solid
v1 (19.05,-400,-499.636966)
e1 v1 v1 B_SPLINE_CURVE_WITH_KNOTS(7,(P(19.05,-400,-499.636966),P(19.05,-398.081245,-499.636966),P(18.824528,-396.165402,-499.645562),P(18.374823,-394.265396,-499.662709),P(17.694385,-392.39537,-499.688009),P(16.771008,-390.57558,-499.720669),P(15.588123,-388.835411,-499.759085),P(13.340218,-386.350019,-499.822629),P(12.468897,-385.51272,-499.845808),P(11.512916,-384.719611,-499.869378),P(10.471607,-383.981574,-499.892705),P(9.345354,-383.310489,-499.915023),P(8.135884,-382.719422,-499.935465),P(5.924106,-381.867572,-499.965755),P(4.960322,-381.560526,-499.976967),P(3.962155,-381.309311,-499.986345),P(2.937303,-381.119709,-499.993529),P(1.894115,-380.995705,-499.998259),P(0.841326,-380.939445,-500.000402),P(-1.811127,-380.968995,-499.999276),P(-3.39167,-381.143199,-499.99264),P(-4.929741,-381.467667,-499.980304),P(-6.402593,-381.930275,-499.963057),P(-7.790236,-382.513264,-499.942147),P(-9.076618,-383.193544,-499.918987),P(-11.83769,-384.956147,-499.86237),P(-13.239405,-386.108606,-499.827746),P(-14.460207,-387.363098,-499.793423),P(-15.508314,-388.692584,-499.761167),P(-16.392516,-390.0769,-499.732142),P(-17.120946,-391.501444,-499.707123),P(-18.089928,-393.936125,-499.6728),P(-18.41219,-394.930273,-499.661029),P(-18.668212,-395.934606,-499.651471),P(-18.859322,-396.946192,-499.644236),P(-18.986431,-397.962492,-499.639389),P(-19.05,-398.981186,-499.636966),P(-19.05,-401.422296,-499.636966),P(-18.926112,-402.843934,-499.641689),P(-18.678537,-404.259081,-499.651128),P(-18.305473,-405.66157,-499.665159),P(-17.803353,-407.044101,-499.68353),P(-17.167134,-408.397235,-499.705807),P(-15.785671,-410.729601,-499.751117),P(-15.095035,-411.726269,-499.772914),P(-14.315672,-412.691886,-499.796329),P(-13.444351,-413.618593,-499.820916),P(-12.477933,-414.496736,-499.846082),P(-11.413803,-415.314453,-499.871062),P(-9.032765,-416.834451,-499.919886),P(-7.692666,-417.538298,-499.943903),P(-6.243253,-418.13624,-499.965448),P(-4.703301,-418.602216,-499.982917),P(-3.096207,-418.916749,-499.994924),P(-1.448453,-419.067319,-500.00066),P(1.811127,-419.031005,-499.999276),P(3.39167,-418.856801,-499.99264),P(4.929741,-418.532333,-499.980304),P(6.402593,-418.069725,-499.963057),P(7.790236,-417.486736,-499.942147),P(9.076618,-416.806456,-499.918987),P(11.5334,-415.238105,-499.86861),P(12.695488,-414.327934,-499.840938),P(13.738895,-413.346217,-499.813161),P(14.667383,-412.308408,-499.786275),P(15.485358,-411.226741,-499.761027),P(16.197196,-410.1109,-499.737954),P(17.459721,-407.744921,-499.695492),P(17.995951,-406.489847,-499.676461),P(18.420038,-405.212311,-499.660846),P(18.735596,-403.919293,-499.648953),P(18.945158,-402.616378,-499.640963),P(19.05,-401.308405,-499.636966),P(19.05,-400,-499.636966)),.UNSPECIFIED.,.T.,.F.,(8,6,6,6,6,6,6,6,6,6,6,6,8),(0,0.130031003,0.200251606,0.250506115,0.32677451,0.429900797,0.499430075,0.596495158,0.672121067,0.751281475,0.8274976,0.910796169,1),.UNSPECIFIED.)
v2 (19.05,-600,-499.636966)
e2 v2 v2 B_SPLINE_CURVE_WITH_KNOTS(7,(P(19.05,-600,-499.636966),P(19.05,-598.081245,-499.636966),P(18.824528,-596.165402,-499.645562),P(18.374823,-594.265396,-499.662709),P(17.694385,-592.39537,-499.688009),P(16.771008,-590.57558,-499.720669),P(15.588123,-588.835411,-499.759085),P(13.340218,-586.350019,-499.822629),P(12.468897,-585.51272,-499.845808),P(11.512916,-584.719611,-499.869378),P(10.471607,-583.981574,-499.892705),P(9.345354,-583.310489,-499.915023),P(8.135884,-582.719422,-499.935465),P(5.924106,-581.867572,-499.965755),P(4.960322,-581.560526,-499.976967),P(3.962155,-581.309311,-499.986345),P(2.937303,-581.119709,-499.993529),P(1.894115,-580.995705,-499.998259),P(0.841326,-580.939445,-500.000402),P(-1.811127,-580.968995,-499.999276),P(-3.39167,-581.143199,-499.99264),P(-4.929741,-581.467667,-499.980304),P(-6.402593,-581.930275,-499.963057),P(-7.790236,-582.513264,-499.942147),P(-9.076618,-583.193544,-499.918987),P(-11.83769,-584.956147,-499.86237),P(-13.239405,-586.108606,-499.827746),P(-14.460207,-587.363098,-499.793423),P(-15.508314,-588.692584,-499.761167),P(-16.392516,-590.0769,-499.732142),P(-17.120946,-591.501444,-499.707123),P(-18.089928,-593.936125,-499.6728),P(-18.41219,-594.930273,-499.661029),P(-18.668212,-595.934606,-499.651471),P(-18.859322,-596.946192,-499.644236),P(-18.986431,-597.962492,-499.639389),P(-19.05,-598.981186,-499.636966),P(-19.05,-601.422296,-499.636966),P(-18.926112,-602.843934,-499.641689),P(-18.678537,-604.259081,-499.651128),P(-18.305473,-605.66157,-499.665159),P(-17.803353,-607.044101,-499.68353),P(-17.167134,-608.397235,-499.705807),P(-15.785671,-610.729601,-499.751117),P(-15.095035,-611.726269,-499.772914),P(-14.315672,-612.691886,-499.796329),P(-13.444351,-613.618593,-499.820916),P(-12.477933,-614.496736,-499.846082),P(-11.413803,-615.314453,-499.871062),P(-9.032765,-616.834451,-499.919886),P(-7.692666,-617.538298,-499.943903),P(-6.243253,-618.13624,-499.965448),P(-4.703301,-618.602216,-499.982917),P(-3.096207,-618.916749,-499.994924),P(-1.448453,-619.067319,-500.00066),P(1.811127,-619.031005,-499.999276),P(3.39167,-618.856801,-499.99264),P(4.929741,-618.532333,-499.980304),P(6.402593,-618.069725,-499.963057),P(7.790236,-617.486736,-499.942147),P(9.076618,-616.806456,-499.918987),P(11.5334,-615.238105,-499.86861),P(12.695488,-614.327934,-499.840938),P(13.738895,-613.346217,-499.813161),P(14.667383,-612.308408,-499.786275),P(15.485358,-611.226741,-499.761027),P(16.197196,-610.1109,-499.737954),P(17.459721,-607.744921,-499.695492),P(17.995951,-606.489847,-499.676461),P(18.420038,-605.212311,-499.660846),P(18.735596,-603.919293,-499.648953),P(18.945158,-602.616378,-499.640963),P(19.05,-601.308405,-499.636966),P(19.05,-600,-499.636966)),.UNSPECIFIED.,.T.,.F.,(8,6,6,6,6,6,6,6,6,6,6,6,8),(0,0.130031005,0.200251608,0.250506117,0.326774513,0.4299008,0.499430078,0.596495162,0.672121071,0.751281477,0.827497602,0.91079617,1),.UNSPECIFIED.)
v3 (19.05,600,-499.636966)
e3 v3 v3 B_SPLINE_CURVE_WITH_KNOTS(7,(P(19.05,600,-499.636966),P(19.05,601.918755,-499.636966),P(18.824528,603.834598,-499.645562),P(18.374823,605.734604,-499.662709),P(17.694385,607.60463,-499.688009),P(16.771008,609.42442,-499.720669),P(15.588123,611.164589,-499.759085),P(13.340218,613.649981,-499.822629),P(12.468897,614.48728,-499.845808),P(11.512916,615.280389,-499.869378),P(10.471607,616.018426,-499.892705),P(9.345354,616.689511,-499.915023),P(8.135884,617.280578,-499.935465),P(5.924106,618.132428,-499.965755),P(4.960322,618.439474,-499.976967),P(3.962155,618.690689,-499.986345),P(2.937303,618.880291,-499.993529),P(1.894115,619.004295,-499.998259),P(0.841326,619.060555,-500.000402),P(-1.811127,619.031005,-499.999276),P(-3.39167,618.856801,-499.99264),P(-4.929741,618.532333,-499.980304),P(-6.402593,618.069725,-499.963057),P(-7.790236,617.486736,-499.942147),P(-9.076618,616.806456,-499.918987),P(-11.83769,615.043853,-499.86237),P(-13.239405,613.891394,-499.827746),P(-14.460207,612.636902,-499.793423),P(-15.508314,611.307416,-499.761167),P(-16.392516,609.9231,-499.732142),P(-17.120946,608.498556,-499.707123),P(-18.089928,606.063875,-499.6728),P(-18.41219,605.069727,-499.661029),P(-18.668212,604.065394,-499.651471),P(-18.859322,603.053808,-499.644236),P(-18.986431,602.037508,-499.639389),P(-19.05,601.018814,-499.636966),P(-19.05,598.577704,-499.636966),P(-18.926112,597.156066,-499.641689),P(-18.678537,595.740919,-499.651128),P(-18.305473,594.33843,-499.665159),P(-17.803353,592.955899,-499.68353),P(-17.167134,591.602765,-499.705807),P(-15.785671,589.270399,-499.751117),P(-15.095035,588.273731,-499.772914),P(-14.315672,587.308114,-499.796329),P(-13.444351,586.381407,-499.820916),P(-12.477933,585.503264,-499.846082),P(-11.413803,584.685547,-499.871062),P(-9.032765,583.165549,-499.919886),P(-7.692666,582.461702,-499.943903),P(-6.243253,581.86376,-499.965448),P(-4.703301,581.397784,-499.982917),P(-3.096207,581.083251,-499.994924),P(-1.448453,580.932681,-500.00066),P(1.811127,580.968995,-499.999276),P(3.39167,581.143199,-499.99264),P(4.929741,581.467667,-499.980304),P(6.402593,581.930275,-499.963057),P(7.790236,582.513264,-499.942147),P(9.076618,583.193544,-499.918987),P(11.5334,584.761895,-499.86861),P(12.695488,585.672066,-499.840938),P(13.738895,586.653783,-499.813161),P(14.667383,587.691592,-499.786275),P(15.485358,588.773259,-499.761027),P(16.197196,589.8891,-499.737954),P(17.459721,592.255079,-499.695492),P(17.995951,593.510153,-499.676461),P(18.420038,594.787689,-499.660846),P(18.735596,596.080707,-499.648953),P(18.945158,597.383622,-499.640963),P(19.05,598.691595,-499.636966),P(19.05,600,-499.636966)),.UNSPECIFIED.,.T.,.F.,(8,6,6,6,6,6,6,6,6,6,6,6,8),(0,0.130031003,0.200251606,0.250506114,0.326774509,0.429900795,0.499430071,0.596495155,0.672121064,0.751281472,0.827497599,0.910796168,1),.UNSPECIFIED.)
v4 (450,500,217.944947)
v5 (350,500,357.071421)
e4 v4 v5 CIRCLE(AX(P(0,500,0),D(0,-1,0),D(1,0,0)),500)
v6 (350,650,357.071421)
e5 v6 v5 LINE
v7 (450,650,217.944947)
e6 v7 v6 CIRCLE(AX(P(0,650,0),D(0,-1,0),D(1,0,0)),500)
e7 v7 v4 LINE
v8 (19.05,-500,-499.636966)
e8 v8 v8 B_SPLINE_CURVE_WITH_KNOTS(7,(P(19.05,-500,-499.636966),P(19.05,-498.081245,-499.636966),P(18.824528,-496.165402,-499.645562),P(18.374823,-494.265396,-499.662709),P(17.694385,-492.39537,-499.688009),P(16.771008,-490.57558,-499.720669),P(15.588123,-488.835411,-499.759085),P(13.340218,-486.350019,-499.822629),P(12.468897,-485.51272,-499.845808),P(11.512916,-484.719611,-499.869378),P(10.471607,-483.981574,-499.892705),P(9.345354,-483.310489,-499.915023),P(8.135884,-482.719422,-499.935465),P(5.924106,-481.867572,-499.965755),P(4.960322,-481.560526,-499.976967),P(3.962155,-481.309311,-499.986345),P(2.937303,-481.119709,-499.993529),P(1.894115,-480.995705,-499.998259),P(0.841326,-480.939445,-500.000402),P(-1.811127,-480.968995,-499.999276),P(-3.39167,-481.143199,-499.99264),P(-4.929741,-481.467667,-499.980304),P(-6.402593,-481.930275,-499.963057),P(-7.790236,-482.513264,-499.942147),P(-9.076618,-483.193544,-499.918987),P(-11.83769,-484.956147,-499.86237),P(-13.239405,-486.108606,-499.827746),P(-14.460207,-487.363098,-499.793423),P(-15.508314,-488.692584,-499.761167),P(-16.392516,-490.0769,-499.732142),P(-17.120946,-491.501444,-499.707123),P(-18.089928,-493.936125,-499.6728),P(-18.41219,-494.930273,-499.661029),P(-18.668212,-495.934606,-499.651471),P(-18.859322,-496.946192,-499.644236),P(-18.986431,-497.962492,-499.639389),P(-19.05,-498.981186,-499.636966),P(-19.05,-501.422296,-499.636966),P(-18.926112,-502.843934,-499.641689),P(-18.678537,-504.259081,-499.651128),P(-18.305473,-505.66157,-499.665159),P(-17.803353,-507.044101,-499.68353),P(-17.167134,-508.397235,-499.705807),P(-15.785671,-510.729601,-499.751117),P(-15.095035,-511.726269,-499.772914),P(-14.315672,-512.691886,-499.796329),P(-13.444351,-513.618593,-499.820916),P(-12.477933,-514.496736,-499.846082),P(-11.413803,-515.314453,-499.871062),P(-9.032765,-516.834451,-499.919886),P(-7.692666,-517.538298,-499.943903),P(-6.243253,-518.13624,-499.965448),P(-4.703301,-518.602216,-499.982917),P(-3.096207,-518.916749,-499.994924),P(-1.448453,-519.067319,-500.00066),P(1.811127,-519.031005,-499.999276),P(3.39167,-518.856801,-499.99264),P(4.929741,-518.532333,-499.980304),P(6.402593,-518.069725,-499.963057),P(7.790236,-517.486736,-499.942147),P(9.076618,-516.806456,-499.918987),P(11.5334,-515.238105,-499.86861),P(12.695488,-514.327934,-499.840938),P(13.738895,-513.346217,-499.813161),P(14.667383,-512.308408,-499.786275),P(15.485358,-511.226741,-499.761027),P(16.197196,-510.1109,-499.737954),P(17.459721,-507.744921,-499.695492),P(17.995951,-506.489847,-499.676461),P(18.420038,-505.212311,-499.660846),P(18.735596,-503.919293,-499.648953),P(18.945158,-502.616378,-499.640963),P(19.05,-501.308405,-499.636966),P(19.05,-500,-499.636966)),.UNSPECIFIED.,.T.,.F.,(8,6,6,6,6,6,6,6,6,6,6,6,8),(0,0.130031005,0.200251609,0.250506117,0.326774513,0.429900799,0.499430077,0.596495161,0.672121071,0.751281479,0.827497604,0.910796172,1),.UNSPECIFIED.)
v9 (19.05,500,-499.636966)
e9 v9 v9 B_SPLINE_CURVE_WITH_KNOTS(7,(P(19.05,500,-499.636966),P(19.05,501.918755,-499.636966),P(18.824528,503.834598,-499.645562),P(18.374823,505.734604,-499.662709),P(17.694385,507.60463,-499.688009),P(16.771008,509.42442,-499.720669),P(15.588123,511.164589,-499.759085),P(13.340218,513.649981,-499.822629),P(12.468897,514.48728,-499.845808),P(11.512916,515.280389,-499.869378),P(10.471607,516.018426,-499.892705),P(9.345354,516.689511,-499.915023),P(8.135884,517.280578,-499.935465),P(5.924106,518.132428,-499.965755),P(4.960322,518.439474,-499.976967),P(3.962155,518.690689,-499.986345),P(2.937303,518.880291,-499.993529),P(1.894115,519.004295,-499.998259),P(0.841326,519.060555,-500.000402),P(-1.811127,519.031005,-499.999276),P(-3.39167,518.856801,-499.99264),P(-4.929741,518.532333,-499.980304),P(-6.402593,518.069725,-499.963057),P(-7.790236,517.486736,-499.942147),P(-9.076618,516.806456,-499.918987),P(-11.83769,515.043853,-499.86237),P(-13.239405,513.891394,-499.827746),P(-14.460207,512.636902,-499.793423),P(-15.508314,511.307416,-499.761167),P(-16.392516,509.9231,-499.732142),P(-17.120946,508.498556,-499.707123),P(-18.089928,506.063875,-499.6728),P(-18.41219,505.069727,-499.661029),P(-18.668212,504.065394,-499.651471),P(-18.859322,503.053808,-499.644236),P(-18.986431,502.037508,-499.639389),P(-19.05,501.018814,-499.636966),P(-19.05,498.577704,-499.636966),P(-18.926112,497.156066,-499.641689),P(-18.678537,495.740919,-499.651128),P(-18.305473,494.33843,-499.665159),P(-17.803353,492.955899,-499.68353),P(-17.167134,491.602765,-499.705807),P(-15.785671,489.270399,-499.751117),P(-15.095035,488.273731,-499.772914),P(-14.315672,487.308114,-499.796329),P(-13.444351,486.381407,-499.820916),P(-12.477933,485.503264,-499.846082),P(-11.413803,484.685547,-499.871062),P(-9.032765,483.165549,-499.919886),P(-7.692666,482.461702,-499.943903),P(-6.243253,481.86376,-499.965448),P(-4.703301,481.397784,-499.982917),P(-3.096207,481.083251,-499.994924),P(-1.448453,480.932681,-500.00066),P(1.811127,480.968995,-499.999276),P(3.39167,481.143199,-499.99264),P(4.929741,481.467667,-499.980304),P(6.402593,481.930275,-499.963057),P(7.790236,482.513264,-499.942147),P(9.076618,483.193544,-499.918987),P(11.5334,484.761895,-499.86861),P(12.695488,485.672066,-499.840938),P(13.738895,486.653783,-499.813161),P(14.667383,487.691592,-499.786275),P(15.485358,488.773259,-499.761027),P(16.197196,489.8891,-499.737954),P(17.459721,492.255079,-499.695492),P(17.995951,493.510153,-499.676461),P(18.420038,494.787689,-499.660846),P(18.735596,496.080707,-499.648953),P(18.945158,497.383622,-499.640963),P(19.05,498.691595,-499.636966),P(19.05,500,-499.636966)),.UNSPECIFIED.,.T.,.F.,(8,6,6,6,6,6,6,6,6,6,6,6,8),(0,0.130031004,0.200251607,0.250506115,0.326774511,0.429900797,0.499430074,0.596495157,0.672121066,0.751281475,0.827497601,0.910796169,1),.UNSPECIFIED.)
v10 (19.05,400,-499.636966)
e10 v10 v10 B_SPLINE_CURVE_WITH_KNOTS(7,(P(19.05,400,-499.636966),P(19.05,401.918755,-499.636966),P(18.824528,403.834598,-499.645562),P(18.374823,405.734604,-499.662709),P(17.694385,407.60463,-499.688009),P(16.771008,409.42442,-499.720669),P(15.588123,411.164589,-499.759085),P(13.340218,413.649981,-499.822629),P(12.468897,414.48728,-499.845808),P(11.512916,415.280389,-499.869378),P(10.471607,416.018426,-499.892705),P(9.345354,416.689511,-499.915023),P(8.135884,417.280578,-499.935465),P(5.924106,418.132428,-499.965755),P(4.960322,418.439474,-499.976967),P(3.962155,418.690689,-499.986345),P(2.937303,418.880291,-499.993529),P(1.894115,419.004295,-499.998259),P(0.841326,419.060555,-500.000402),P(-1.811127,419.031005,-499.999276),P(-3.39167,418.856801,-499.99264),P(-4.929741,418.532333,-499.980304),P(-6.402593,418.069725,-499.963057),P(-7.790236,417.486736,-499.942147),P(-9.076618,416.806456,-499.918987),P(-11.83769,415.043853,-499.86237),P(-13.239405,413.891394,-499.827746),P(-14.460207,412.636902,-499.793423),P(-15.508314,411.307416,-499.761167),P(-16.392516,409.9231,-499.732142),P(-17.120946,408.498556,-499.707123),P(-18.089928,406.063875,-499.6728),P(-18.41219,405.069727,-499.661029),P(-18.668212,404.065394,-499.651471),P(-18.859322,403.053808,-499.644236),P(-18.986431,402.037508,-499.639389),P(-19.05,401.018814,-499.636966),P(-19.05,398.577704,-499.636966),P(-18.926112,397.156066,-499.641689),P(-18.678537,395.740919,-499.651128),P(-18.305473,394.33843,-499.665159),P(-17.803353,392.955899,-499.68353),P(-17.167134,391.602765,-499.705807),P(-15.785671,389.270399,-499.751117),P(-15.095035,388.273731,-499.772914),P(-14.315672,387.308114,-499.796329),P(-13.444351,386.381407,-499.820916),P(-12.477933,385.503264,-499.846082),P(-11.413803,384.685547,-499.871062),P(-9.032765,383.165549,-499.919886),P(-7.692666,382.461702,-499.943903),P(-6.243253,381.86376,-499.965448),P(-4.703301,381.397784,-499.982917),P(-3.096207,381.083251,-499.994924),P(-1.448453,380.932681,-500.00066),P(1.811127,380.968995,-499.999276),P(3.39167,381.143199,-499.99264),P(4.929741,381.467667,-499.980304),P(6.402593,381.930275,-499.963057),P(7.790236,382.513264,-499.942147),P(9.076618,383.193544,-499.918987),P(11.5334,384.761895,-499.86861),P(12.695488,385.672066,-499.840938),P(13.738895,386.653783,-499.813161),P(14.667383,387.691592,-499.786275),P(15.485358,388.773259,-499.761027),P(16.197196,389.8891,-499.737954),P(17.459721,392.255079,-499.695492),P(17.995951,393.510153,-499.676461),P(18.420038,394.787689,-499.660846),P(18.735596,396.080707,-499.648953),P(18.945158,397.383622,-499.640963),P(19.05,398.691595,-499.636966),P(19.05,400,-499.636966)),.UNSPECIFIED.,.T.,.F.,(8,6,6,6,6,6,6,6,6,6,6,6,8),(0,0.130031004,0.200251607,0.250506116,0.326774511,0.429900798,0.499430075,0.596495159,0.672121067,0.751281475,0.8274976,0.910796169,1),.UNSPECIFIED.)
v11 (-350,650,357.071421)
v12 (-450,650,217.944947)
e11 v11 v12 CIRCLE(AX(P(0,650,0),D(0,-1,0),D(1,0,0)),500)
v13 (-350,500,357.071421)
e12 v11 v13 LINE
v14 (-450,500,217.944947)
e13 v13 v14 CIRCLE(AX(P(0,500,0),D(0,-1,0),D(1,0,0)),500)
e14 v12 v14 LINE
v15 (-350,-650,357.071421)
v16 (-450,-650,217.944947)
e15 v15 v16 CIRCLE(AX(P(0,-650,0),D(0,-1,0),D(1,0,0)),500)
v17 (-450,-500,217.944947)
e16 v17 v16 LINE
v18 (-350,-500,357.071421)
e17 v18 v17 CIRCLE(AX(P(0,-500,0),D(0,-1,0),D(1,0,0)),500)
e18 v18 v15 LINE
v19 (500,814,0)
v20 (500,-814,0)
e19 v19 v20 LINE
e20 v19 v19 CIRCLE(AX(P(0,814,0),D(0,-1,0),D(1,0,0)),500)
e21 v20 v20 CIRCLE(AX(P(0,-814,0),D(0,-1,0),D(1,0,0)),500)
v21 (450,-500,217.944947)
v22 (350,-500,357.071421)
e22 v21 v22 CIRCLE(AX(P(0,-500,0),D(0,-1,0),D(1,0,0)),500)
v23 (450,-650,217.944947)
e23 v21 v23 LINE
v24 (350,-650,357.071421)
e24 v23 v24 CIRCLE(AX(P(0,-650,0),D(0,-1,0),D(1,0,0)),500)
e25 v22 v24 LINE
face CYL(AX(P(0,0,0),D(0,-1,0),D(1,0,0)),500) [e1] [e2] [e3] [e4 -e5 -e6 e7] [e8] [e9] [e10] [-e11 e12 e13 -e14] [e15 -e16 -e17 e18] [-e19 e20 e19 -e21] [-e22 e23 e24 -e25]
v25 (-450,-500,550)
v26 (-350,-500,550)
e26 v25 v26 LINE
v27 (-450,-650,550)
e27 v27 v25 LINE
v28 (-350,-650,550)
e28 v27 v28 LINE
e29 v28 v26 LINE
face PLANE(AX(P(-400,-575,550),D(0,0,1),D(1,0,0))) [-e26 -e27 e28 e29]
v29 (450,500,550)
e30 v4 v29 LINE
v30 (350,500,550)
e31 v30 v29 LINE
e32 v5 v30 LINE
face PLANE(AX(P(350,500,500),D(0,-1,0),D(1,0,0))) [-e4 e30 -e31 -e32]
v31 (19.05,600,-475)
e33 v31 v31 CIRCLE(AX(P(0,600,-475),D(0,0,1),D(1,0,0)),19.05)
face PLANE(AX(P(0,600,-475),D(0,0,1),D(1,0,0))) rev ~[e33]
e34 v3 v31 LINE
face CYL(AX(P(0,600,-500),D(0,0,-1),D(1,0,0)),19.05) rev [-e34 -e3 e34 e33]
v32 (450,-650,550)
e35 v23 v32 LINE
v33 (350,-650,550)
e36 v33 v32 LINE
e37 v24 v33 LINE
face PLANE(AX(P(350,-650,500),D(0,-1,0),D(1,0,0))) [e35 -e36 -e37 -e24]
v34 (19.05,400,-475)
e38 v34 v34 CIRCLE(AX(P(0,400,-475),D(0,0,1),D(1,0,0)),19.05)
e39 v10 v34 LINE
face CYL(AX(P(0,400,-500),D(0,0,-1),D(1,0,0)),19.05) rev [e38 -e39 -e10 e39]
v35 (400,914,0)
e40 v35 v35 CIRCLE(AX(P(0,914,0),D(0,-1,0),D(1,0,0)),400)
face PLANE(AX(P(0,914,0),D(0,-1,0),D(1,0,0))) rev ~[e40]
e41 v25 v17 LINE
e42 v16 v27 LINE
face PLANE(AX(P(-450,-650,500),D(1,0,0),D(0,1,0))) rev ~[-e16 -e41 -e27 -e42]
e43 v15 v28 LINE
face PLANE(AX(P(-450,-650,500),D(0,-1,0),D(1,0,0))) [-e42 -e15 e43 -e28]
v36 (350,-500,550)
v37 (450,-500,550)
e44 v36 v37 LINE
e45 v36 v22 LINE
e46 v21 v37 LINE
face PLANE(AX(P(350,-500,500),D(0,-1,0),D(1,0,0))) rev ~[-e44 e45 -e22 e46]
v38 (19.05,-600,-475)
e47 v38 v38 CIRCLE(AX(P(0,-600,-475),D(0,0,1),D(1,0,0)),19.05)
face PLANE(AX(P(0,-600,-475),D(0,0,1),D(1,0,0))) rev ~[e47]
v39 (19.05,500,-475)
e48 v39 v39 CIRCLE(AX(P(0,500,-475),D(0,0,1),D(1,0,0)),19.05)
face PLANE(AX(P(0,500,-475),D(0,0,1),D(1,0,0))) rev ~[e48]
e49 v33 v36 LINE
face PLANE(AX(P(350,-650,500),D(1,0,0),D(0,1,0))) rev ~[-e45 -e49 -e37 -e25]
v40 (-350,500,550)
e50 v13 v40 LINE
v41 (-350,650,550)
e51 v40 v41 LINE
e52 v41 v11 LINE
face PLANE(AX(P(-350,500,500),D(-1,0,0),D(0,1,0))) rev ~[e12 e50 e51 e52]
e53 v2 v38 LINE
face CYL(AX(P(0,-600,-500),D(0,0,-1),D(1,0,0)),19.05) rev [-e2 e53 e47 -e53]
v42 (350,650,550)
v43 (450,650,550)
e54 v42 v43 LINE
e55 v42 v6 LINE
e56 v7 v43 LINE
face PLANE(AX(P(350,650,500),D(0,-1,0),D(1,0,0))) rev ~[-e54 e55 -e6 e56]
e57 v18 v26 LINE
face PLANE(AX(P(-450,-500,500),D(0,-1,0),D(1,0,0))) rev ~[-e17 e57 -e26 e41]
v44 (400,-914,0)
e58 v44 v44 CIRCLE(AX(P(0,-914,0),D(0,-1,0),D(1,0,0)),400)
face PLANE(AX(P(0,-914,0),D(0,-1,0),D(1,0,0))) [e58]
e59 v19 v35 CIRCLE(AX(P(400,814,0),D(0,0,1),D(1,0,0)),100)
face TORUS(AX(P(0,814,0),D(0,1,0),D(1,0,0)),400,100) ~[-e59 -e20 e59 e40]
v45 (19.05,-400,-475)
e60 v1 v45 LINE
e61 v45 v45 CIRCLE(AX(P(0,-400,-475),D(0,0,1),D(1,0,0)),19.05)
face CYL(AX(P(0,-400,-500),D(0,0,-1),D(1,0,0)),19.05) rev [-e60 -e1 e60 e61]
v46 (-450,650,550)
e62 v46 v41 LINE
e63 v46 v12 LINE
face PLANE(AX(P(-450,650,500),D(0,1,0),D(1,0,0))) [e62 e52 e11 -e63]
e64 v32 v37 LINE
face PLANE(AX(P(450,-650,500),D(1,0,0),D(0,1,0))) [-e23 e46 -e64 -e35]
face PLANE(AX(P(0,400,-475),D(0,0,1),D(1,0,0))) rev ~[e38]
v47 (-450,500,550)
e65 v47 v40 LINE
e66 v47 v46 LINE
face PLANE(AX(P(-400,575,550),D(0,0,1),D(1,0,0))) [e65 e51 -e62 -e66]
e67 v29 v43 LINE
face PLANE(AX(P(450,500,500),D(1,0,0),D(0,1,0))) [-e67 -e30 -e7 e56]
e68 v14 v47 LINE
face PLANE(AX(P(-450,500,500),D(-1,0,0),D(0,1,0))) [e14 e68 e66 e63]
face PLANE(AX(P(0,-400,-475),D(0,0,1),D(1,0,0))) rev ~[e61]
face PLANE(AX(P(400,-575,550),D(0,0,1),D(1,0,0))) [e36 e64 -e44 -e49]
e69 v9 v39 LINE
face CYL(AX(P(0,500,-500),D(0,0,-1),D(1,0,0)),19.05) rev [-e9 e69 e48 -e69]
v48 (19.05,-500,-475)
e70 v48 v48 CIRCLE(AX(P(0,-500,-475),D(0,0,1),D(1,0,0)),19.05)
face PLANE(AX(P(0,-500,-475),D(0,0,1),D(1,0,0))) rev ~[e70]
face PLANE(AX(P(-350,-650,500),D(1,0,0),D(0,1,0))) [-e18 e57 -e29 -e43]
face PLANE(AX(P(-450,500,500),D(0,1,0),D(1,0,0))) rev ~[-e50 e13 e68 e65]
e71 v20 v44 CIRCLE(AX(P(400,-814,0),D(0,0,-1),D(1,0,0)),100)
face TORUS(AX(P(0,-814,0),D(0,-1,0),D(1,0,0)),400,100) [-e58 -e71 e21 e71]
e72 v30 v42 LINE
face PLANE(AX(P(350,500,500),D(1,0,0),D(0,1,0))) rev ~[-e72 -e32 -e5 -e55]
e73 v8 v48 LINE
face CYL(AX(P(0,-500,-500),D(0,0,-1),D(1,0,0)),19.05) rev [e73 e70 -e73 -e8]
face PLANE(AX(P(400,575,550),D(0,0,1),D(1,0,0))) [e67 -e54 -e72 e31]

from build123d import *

# Parameters (mm, degrees)
F0_R          = 500
F1_DEPTH      = 914
F1_DEPTH_BACK = 914
F2_R          = 100
F4_W          = 100
F4_H          = 150
F5_DEPTH      = 283.055052823
F5_DEPTH_BACK = 50
F7_R          = 19.05
F8_DEPTH      = 25


with BuildPart() as f1:
    # F0 (on Front) → F1 (new body, two sides)
    with BuildSketch(Plane.XZ) as f1_sk:
        Circle(F0_R)
    extrude(amount=F1_DEPTH)
    extrude(f1_sk.sketch, amount=-F1_DEPTH_BACK)

    # F2
    f2_edges = [f1.edges().sort_by_distance(p)[0] for p in [
        (-500, -914, 0),
        (-500, 914, 0),
    ]]
    fillet(f2_edges, radius=F2_R)

    # F4 (on offset) → F5 (join, two sides)
    with BuildSketch(Plane.XY.offset(500)) as f5_sk:
        with Locations((-400, 575)):
            Rectangle(F4_W, F4_H)
        with Locations((400, 575)):
            Rectangle(F4_W, F4_H)
        with Locations((400, -575)):
            Rectangle(F4_W, F4_H)
        with Locations((-400, -575)):
            Rectangle(F4_W, F4_H)
    extrude(amount=-F5_DEPTH)
    extrude(f5_sk.sketch, amount=F5_DEPTH_BACK)

    # F7 (on offset) → F8 (cut)
    with BuildSketch(Plane.XY.offset(-500)):
        with Locations((0, -600)):
            Circle(F7_R)
        with Locations((0, -500)):
            Circle(F7_R)
        with Locations((0, -400)):
            Circle(F7_R)
        with Locations((0, 500)):
            Circle(F7_R)
        with Locations((0, 400)):
            Circle(F7_R)
        with Locations((0, 600)):
            Circle(F7_R)
    extrude(amount=F8_DEPTH, mode=Mode.SUBTRACT)


solid = f1.part
